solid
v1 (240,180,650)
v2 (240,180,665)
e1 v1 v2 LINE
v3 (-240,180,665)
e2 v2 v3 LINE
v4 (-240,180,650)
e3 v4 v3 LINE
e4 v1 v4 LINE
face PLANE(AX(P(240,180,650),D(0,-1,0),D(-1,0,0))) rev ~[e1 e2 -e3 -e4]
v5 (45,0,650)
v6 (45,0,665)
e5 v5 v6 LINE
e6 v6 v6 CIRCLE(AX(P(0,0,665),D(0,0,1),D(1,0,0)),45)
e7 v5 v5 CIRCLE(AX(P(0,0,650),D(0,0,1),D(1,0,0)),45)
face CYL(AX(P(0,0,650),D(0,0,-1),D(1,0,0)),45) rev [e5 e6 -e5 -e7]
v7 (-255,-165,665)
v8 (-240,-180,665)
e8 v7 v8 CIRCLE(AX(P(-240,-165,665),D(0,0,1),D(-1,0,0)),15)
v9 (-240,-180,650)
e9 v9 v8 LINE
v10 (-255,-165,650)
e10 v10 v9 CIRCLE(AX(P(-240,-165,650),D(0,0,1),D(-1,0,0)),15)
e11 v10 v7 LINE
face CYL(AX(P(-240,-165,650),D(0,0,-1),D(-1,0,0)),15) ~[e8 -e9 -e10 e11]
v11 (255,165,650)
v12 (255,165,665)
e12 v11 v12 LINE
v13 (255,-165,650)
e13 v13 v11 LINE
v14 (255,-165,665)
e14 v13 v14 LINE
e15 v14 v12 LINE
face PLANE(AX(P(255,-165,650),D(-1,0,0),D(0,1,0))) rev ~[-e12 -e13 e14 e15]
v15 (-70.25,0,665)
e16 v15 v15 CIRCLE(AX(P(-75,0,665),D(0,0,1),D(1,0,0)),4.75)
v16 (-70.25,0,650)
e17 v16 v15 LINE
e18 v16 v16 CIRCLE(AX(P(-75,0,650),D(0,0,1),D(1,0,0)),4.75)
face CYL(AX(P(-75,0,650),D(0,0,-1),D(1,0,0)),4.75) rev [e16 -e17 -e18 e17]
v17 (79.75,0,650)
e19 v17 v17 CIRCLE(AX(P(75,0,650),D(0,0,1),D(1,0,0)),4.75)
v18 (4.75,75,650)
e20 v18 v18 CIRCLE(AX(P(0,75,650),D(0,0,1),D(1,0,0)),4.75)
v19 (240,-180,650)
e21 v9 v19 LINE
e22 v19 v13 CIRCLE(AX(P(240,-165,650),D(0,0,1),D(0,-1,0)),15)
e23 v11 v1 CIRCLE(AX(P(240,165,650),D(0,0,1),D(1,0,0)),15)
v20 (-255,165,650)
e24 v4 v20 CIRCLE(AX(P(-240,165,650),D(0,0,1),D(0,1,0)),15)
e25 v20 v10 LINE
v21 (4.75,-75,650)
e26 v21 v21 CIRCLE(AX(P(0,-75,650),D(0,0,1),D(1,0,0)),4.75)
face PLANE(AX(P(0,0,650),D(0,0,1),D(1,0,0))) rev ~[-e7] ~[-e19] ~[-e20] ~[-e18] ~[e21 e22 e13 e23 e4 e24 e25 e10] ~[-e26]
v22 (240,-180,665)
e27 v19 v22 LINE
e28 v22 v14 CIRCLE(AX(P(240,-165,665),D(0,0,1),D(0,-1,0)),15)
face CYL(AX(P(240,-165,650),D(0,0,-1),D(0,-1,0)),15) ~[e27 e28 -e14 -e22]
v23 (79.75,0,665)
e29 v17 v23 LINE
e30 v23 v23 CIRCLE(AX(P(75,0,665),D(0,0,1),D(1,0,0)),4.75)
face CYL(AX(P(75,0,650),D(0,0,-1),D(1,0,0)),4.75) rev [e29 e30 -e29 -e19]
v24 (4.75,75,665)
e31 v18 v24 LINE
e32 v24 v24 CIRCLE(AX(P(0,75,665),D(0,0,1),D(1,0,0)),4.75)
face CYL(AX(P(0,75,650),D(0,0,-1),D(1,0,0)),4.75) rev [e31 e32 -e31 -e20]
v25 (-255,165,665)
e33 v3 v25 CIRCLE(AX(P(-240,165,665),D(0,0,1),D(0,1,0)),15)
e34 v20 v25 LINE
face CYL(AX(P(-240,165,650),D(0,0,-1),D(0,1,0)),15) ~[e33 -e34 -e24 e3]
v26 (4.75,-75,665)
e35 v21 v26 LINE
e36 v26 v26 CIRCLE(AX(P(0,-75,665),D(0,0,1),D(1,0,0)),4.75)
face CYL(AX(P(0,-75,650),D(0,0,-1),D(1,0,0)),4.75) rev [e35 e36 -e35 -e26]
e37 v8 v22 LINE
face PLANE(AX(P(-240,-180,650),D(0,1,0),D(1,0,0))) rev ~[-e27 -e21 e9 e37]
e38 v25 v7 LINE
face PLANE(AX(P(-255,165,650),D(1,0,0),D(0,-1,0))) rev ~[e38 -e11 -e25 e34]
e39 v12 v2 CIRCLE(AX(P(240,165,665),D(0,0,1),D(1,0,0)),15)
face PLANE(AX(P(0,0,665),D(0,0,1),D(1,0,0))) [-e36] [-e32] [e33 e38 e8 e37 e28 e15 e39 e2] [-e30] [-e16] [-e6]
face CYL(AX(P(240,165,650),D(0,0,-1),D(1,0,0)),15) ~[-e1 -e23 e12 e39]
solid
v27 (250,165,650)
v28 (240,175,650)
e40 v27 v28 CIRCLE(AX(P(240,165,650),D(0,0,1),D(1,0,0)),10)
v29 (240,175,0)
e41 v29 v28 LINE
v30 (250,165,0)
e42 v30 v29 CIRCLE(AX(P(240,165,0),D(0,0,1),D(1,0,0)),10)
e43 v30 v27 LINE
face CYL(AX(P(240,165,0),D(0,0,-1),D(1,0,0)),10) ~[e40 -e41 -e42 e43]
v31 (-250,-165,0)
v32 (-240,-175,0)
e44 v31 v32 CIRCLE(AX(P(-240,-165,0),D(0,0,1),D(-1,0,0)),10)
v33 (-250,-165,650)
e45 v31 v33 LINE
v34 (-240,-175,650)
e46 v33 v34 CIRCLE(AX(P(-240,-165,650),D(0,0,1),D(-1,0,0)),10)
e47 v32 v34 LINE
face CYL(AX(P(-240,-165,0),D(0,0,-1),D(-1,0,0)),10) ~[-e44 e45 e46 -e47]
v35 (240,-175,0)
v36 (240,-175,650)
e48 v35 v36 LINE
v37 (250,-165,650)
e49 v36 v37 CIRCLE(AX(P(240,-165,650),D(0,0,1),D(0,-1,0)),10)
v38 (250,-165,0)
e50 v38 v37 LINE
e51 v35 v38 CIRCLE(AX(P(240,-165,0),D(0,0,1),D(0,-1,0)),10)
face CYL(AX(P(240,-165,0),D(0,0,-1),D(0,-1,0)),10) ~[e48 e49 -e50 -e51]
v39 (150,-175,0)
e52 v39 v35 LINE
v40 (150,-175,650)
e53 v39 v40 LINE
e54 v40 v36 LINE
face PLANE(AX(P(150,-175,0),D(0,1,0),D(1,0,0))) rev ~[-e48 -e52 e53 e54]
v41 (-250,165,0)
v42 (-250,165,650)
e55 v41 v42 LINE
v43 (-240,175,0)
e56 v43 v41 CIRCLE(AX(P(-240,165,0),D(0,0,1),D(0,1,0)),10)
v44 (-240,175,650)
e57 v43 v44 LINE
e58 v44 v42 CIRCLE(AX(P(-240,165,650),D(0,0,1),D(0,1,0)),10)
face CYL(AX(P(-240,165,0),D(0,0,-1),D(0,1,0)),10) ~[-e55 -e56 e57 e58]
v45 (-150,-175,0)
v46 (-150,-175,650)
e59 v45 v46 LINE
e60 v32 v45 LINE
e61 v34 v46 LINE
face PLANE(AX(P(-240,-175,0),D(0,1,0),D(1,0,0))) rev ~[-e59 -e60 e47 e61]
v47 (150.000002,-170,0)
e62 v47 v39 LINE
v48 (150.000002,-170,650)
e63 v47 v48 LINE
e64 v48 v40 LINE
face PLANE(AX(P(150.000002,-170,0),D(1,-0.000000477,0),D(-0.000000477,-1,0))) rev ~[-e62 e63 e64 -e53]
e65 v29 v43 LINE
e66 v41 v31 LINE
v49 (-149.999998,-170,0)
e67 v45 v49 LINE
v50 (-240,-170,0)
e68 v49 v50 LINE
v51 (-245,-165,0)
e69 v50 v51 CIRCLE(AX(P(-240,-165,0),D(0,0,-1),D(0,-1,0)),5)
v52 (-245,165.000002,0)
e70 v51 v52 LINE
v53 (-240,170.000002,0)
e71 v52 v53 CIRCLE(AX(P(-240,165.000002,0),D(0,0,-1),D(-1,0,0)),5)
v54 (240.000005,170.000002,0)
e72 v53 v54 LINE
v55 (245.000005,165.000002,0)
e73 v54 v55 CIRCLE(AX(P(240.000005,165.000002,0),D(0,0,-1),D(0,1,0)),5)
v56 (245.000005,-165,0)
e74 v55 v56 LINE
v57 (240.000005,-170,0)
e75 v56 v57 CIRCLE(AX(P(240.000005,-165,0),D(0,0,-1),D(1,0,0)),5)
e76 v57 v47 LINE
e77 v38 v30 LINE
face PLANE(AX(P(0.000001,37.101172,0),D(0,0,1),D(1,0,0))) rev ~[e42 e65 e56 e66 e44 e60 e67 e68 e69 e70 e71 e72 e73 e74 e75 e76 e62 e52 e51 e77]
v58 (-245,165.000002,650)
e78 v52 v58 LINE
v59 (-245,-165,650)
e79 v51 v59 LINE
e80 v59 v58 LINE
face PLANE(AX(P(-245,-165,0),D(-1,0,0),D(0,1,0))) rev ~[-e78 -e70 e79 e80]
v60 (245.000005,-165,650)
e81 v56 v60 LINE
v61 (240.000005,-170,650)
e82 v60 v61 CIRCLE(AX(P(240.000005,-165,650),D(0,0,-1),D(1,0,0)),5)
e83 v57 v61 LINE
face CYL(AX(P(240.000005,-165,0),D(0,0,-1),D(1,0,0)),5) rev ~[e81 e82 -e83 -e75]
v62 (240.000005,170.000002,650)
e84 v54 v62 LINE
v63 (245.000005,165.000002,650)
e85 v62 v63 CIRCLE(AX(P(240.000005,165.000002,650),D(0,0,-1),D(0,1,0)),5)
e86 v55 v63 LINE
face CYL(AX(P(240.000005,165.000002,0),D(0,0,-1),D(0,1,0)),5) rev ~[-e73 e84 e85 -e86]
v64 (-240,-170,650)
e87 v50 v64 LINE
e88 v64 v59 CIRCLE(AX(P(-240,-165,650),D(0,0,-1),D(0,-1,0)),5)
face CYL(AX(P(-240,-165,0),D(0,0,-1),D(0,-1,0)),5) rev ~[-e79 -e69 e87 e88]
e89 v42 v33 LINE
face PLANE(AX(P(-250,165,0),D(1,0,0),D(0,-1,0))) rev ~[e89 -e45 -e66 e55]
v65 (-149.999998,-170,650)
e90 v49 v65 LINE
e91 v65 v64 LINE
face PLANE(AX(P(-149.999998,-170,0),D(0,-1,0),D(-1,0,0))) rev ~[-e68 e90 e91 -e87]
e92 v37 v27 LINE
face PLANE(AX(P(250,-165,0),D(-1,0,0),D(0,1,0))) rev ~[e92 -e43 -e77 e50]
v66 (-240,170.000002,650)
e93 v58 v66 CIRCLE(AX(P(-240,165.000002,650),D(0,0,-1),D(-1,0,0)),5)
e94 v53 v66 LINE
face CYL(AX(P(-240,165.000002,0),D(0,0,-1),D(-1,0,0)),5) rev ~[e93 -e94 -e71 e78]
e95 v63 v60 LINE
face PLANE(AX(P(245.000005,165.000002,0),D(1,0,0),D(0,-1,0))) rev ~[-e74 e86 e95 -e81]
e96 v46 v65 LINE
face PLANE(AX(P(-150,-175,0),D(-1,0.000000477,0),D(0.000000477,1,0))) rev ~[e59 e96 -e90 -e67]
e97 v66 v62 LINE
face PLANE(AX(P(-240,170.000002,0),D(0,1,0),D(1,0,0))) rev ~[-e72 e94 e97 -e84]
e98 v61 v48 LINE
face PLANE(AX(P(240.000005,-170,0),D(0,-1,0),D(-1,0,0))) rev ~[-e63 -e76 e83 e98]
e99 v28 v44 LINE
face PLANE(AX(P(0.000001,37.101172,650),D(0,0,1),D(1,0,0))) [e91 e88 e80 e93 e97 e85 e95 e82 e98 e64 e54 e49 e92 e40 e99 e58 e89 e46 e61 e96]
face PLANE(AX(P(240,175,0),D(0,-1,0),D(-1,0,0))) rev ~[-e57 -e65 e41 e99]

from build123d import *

# Parameters (mm, degrees)
F1_DEPTH = 650
F2_R     = 4.75
F2_R_2   = 45
F3_DEPTH = 15


with BuildPart() as f1:
    # F0 (on Top) → F1 (new body)
    with BuildSketch(Plane.XY):
        with BuildLine():
            Line((150, -175), (240, -175))
            ThreePointArc((240, -175), (247.0710678119, -172.0710678119), (250, -165))
            Line((250, -165), (250, 165))
            ThreePointArc((250, 165), (247.0710678119, 172.0710678119), (240, 175))
            Line((240, 175), (-240, 175))
            ThreePointArc((-240, 175), (-247.0710678119, 172.0710678119), (-250, 165))
            Line((-250, 165), (-250, -165))
            ThreePointArc((-250, -165), (-247.0710678119, -172.0710678119), (-240, -175))
            Line((-240, -175), (-150, -175))
            Line((-150, -175), (-149.9999976158, -170))
            Line((-149.9999976158, -170), (-240, -170))
            ThreePointArc((-240, -170), (-243.5355339059, -168.5355339059), (-245, -165))
            Line((-245, -165), (-245, 165.0000017881))
            ThreePointArc((-245, 165.0000017881), (-243.5355339059, 168.5355356941), (-240, 170.0000017881))
            Line((-240, 170.0000017881), (240.0000047684, 170.0000017881))
            ThreePointArc((240.0000047684, 170.0000017881), (243.5355386743, 168.5355356941), (245.0000047684, 165.0000017881))
            Line((245.0000047684, 165.0000017881), (245.0000047684, -165))
            ThreePointArc((245.0000047684, -165), (243.5355386743, -168.5355339059), (240.0000047684, -170))
            Line((240.0000047684, -170), (150.0000023842, -170))
            Line((150.0000023842, -170), (150, -175))
        make_face()
    extrude(amount=F1_DEPTH)


with BuildPart() as f3:
    # F2 (on face) → F3 (new body)
    with BuildSketch(Plane.XY.offset(650)):
        with BuildLine():
            Line((240, 180), (-240, 180))
            ThreePointArc((-240, 180), (-250.6066017178, 175.6066017178), (-255, 165))
            Line((-255, 165), (-255, -165))
            ThreePointArc((-255, -165), (-250.6066017178, -175.6066017178), (-240, -180))
            Line((-240, -180), (-150, -180))
            Line((-150, -180), (150, -180))
            Line((150, -180), (240, -180))
            ThreePointArc((240, -180), (250.6066017178, -175.6066017178), (255, -165))
            Line((255, -165), (255, 165))
            ThreePointArc((255, 165), (250.6066017178, 175.6066017178), (240, 180))
        make_face()
        with Locations((0, -75)):
            Circle(F2_R, mode=Mode.SUBTRACT)
        with Locations((-75, 0)):
            Circle(F2_R, mode=Mode.SUBTRACT)
        Circle(F2_R_2, mode=Mode.SUBTRACT)
        with BuildLine():
            ThreePointArc((240, 175), (247.0710678119, 172.0710678119), (250, 165))
            Line((250, 165), (250, -165))
            ThreePointArc((250, -165), (247.0710678119, -172.0710678119), (240, -175))
            Line((240, -175), (150, -175))
            Line((150, -175), (150.0000023842, -170))
            Line((150.0000023842, -170), (240.0000047684, -170))
            ThreePointArc((240.0000047684, -170), (243.5355386743, -168.5355339059), (245.0000047684, -165))
            Line((245.0000047684, -165), (245.0000047684, 165.0000017881))
            ThreePointArc((245.0000047684, 165.0000017881), (243.5355386743, 168.5355356941), (240.0000047684, 170.0000017881))
            Line((240.0000047684, 170.0000017881), (-240, 170.0000017881))
            ThreePointArc((-240, 170.0000017881), (-243.5355339059, 168.5355356941), (-245, 165.0000017881))
            Line((-245, 165.0000017881), (-245, -165))
            ThreePointArc((-245, -165), (-243.5355339059, -168.5355339059), (-240, -170))
            Line((-240, -170), (-149.9999976158, -170))
            Line((-149.9999976158, -170), (-150, -175))
            Line((-150, -175), (-240, -175))
            ThreePointArc((-240, -175), (-247.0710678119, -172.0710678119), (-250, -165))
            Line((-250, -165), (-250, 165))
            ThreePointArc((-250, 165), (-247.0710678119, 172.0710678119), (-240, 175))
            Line((-240, 175), (240, 175))
        make_face(mode=Mode.SUBTRACT)
        with Locations((75, 0)):
            Circle(F2_R, mode=Mode.SUBTRACT)
        with Locations((0, 75)):
            Circle(F2_R, mode=Mode.SUBTRACT)
        with BuildLine():
            Line((250, -165), (250, 165))
            ThreePointArc((250, 165), (247.0710678119, 172.0710678119), (240, 175))
            Line((240, 175), (-240, 175))
            ThreePointArc((-240, 175), (-247.0710678119, 172.0710678119), (-250, 165))
            Line((-250, 165), (-250, -165))
            ThreePointArc((-250, -165), (-247.0710678119, -172.0710678119), (-240, -175))
            Line((-240, -175), (-150, -175))
            Line((-150, -175), (-149.9999976158, -170))
            Line((-149.9999976158, -170), (-240, -170))
            ThreePointArc((-240, -170), (-243.5355339059, -168.5355339059), (-245, -165))
            Line((-245, -165), (-245, 165.0000017881))
            ThreePointArc((-245, 165.0000017881), (-243.5355339059, 168.5355356941), (-240, 170.0000017881))
            Line((-240, 170.0000017881), (240.0000047684, 170.0000017881))
            ThreePointArc((240.0000047684, 170.0000017881), (243.5355386743, 168.5355356941), (245.0000047684, 165.0000017881))
            Line((245.0000047684, 165.0000017881), (245.0000047684, -165))
            ThreePointArc((245.0000047684, -165), (243.5355386743, -168.5355339059), (240.0000047684, -170))
            Line((240.0000047684, -170), (150.0000023842, -170))
            Line((150.0000023842, -170), (150, -175))
            Line((150, -175), (240, -175))
            ThreePointArc((240, -175), (247.0710678119, -172.0710678119), (250, -165))
        make_face()
    extrude(amount=F3_DEPTH)


solid = Compound([f1.part, f3.part])
